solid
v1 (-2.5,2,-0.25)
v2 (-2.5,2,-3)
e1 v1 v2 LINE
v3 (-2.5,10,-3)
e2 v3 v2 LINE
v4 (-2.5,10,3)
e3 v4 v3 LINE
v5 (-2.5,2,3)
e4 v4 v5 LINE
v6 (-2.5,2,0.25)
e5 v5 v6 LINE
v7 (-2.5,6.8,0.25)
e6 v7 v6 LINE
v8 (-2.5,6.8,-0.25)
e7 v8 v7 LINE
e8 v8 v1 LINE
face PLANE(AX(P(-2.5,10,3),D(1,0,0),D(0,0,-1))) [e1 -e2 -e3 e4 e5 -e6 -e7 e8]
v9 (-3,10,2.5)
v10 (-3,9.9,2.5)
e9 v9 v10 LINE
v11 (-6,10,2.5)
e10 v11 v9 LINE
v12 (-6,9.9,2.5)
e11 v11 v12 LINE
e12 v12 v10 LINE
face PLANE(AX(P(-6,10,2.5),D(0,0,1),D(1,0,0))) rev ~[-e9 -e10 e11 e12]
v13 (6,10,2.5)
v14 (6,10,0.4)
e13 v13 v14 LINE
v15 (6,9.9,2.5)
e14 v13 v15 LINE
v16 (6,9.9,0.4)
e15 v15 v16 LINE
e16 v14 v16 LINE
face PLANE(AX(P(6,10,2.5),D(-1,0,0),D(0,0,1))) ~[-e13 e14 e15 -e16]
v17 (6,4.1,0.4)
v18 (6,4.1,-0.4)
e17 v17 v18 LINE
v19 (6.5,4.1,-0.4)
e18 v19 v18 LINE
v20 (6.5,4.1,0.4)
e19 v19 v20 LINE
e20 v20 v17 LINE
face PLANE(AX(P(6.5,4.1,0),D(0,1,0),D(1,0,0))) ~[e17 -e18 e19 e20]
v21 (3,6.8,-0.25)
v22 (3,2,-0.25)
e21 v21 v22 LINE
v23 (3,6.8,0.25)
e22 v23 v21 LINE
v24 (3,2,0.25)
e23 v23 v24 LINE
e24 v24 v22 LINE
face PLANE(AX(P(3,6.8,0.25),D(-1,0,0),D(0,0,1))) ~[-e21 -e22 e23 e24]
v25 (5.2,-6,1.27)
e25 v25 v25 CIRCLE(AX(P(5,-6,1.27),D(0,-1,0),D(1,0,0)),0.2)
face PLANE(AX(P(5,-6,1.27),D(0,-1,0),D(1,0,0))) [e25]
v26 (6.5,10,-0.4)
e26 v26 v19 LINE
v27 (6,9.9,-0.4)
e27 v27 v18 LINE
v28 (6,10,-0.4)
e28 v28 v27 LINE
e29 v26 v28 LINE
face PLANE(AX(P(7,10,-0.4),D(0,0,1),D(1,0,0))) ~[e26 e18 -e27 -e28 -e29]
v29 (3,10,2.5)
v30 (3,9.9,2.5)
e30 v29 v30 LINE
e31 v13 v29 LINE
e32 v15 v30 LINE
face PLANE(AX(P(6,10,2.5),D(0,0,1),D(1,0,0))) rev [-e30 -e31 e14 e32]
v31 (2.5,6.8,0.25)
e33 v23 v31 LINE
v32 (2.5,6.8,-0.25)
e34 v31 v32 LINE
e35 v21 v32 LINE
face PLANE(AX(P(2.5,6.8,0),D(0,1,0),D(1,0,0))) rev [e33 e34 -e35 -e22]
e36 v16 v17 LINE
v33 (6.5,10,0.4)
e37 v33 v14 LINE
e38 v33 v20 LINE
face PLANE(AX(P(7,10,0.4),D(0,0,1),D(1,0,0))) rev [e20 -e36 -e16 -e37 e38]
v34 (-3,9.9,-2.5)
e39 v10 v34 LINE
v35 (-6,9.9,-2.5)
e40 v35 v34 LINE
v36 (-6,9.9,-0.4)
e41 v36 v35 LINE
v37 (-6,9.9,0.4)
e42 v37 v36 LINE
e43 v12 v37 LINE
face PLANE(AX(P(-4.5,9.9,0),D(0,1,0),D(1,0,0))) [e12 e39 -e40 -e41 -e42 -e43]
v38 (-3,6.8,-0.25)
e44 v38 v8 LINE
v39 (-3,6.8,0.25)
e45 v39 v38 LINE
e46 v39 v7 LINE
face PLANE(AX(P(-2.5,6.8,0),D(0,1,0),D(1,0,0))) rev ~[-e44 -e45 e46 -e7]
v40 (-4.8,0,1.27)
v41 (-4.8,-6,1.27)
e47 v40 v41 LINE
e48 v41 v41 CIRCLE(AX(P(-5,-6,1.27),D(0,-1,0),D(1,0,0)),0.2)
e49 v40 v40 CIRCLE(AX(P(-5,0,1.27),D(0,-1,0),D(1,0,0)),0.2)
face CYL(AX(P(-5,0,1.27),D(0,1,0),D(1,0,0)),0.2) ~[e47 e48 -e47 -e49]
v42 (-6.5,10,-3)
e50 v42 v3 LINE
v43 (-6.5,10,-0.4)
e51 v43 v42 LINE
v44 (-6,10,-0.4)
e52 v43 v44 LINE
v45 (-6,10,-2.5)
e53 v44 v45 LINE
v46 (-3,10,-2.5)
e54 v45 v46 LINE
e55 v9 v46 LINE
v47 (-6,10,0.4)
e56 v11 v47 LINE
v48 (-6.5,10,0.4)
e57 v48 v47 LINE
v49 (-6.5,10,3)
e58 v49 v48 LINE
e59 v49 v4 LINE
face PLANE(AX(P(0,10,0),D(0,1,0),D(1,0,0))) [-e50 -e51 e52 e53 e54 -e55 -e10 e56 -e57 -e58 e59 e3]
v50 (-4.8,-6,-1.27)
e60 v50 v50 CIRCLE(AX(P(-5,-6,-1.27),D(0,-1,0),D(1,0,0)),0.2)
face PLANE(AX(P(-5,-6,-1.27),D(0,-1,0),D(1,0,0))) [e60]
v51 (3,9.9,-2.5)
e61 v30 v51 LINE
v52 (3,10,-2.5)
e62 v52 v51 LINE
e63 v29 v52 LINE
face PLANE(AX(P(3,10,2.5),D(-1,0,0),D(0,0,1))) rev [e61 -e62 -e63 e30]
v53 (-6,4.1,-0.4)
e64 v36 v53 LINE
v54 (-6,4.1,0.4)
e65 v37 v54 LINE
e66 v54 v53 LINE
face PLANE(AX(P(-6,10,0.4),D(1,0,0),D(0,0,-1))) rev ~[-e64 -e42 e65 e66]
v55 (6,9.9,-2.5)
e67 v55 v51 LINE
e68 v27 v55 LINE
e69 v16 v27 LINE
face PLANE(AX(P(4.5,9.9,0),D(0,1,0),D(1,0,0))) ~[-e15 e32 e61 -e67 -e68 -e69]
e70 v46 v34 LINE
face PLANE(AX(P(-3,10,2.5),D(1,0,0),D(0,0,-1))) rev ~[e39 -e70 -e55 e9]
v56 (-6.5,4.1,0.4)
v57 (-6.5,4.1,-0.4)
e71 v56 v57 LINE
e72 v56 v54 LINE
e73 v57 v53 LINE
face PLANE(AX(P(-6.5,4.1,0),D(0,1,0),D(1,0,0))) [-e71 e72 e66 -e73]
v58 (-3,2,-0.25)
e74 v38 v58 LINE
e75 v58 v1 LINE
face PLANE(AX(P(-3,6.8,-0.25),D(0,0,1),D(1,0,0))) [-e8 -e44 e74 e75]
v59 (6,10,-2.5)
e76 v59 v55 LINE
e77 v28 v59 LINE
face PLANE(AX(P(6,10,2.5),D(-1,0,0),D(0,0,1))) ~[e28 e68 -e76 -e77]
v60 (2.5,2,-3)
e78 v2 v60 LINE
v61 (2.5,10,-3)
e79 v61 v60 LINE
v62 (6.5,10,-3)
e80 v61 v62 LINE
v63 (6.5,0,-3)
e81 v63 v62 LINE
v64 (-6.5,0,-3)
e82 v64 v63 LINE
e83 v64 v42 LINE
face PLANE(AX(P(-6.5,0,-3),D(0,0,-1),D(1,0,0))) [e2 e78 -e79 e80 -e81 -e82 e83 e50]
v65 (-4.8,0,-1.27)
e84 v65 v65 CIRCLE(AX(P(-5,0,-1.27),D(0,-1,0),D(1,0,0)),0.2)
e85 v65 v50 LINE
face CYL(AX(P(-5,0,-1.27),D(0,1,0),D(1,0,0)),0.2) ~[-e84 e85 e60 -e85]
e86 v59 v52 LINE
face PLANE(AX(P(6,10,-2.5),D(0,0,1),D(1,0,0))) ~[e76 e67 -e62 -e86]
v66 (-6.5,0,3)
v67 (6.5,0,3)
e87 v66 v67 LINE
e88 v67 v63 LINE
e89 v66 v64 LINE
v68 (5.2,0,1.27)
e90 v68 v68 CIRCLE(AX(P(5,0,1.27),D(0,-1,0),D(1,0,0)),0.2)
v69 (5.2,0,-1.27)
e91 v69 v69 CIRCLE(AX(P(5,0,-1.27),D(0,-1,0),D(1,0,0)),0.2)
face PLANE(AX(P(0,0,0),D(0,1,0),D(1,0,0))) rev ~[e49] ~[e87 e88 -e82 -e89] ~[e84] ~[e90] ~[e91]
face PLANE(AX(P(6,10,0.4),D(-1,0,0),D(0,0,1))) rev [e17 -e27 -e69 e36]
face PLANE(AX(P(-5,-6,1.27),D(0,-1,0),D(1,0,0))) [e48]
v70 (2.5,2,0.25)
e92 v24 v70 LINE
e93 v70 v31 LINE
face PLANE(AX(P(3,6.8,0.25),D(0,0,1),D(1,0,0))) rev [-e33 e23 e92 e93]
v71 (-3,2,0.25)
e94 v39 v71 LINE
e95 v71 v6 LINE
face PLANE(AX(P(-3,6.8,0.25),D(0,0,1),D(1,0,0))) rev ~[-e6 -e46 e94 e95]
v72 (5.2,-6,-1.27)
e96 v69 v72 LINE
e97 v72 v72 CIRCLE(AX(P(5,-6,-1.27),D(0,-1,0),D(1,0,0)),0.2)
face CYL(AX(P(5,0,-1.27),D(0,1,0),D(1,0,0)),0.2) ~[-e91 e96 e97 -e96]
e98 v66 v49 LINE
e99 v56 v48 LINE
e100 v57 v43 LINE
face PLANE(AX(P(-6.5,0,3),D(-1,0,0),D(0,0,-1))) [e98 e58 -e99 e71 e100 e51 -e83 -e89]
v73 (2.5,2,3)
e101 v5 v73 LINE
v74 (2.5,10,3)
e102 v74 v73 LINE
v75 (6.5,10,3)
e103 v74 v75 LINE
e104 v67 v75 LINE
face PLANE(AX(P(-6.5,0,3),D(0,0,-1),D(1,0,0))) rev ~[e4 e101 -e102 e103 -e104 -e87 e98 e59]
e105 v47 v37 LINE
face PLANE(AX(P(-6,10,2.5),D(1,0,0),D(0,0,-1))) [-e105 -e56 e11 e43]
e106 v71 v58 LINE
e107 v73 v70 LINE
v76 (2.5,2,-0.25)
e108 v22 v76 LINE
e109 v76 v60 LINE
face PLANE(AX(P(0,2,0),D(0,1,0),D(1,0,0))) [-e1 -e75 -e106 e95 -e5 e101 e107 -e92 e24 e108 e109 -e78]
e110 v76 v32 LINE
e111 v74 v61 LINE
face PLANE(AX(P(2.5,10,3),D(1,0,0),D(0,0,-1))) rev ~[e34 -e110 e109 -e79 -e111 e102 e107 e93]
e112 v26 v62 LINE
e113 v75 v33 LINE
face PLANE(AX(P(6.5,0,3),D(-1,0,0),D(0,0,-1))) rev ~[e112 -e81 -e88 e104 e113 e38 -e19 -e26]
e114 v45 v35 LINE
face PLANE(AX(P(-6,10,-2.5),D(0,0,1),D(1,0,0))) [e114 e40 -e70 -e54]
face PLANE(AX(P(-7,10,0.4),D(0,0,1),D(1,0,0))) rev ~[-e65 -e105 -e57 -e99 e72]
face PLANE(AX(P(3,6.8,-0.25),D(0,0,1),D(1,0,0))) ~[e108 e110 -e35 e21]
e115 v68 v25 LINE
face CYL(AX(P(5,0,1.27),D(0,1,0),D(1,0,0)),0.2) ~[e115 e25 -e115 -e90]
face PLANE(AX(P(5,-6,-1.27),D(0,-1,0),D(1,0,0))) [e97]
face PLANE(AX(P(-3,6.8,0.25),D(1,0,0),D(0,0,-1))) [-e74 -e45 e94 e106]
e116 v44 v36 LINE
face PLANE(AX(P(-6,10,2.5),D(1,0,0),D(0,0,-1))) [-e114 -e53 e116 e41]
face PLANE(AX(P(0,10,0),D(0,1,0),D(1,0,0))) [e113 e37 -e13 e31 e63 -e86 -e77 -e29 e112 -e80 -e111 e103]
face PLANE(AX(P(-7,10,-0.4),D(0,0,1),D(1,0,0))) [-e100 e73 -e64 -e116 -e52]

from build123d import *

# Parameters (mm, degrees)
ESBO_O2_W                = 13
ESBO_O2_H                = 6
RESSALTO_EXTRUS_O1_DEPTH = 10
ESBO_O3_W                = 5
ESBO_O3_H                = 6
CORTE_EXTRUS_O1_DEPTH    = 8
ESBO_O4_W                = 3
ESBO_O4_H                = 5
CORTE_EXTRUS_O2_DEPTH    = 0.1
ESBO_O5_W                = 1
ESBO_O5_H                = 0.8
CORTE_EXTRUS_O3_DEPTH    = 5.9
ESBO_O6_W                = 1
ESBO_O6_H                = 0.5
CORTE_EXTRUS_O4_DEPTH    = 4.8
ESBO_O7_R                = 0.2
RESSALTO_EXTRUS_O2_DEPTH = 6


with BuildPart() as part:
    # Esboço2 → Ressalto-extrusão1 (new body)
    with BuildSketch(Plane(origin=(0, 0, 0), x_dir=(1, 0, 0), z_dir=(0, 1, 0))):
        Rectangle(ESBO_O2_W, ESBO_O2_H)
    extrude(amount=RESSALTO_EXTRUS_O1_DEPTH)

    # Esboço3 → Corte-extrusão1 (cut)
    with BuildSketch(Plane(origin=(0, 10, 0), x_dir=(1, 0, 0), z_dir=(0, 1, 0))):
        Rectangle(ESBO_O3_W, ESBO_O3_H)
    extrude(amount=-CORTE_EXTRUS_O1_DEPTH, mode=Mode.SUBTRACT)

    # Esboço4 → Corte-extrusão2 (cut)
    with BuildSketch(Plane(origin=(0, 10, 0), x_dir=(1, 0, 0), z_dir=(0, 1, 0))):
        with Locations((-4.5, 0)):
            Rectangle(ESBO_O4_W, ESBO_O4_H)
    corte_extrus_o2 = extrude(amount=-CORTE_EXTRUS_O2_DEPTH, mode=Mode.SUBTRACT)

    # Espelhar1: Corte-extrusão2 across plane
    add(corte_extrus_o2.mirror(Plane(origin=(0, 0, 0), x_dir=(0, 0, 1), z_dir=(1, 0, 0))), mode=Mode.SUBTRACT)

    # Esboço5 → Corte-extrusão3 (cut)
    with BuildSketch(Plane(origin=(0, 10, 0), x_dir=(1, 0, 0), z_dir=(0, 1, 0))):
        with Locations((-6.5, 0)):
            Rectangle(ESBO_O5_W, ESBO_O5_H)
    corte_extrus_o3 = extrude(amount=-CORTE_EXTRUS_O3_DEPTH, mode=Mode.SUBTRACT)

    # Espelhar2: Corte-extrusão3 across plane
    add(corte_extrus_o3.mirror(Plane(origin=(0, 0, 0), x_dir=(0, 0, 1), z_dir=(1, 0, 0))), mode=Mode.SUBTRACT)

    # Esboço6 → Corte-extrusão4 (cut)
    with BuildSketch(Plane(origin=(0, 6.8, 0), x_dir=(1, 0, 0), z_dir=(0, 1, 0))):
        with Locations((-2.5, 0)):
            Rectangle(ESBO_O6_W, ESBO_O6_H)
    corte_extrus_o4 = extrude(amount=-CORTE_EXTRUS_O4_DEPTH, mode=Mode.SUBTRACT)

    # Espelhar3: Corte-extrusão4 across plane
    add(corte_extrus_o4.mirror(Plane(origin=(0, 0, 0), x_dir=(0, 0, 1), z_dir=(1, 0, 0))), mode=Mode.SUBTRACT)

    # Esboço7 → Ressalto-extrusão2 (add)
    with BuildSketch(Plane.XZ):
        with Locations((-5, 1.27)):
            Circle(ESBO_O7_R)
        with Locations((5, 1.27)):
            Circle(ESBO_O7_R)
        with Locations((5, -1.27)):
            Circle(ESBO_O7_R)
        with Locations((-5, -1.27)):
            Circle(ESBO_O7_R)
    extrude(amount=RESSALTO_EXTRUS_O2_DEPTH)


solid = part.part
